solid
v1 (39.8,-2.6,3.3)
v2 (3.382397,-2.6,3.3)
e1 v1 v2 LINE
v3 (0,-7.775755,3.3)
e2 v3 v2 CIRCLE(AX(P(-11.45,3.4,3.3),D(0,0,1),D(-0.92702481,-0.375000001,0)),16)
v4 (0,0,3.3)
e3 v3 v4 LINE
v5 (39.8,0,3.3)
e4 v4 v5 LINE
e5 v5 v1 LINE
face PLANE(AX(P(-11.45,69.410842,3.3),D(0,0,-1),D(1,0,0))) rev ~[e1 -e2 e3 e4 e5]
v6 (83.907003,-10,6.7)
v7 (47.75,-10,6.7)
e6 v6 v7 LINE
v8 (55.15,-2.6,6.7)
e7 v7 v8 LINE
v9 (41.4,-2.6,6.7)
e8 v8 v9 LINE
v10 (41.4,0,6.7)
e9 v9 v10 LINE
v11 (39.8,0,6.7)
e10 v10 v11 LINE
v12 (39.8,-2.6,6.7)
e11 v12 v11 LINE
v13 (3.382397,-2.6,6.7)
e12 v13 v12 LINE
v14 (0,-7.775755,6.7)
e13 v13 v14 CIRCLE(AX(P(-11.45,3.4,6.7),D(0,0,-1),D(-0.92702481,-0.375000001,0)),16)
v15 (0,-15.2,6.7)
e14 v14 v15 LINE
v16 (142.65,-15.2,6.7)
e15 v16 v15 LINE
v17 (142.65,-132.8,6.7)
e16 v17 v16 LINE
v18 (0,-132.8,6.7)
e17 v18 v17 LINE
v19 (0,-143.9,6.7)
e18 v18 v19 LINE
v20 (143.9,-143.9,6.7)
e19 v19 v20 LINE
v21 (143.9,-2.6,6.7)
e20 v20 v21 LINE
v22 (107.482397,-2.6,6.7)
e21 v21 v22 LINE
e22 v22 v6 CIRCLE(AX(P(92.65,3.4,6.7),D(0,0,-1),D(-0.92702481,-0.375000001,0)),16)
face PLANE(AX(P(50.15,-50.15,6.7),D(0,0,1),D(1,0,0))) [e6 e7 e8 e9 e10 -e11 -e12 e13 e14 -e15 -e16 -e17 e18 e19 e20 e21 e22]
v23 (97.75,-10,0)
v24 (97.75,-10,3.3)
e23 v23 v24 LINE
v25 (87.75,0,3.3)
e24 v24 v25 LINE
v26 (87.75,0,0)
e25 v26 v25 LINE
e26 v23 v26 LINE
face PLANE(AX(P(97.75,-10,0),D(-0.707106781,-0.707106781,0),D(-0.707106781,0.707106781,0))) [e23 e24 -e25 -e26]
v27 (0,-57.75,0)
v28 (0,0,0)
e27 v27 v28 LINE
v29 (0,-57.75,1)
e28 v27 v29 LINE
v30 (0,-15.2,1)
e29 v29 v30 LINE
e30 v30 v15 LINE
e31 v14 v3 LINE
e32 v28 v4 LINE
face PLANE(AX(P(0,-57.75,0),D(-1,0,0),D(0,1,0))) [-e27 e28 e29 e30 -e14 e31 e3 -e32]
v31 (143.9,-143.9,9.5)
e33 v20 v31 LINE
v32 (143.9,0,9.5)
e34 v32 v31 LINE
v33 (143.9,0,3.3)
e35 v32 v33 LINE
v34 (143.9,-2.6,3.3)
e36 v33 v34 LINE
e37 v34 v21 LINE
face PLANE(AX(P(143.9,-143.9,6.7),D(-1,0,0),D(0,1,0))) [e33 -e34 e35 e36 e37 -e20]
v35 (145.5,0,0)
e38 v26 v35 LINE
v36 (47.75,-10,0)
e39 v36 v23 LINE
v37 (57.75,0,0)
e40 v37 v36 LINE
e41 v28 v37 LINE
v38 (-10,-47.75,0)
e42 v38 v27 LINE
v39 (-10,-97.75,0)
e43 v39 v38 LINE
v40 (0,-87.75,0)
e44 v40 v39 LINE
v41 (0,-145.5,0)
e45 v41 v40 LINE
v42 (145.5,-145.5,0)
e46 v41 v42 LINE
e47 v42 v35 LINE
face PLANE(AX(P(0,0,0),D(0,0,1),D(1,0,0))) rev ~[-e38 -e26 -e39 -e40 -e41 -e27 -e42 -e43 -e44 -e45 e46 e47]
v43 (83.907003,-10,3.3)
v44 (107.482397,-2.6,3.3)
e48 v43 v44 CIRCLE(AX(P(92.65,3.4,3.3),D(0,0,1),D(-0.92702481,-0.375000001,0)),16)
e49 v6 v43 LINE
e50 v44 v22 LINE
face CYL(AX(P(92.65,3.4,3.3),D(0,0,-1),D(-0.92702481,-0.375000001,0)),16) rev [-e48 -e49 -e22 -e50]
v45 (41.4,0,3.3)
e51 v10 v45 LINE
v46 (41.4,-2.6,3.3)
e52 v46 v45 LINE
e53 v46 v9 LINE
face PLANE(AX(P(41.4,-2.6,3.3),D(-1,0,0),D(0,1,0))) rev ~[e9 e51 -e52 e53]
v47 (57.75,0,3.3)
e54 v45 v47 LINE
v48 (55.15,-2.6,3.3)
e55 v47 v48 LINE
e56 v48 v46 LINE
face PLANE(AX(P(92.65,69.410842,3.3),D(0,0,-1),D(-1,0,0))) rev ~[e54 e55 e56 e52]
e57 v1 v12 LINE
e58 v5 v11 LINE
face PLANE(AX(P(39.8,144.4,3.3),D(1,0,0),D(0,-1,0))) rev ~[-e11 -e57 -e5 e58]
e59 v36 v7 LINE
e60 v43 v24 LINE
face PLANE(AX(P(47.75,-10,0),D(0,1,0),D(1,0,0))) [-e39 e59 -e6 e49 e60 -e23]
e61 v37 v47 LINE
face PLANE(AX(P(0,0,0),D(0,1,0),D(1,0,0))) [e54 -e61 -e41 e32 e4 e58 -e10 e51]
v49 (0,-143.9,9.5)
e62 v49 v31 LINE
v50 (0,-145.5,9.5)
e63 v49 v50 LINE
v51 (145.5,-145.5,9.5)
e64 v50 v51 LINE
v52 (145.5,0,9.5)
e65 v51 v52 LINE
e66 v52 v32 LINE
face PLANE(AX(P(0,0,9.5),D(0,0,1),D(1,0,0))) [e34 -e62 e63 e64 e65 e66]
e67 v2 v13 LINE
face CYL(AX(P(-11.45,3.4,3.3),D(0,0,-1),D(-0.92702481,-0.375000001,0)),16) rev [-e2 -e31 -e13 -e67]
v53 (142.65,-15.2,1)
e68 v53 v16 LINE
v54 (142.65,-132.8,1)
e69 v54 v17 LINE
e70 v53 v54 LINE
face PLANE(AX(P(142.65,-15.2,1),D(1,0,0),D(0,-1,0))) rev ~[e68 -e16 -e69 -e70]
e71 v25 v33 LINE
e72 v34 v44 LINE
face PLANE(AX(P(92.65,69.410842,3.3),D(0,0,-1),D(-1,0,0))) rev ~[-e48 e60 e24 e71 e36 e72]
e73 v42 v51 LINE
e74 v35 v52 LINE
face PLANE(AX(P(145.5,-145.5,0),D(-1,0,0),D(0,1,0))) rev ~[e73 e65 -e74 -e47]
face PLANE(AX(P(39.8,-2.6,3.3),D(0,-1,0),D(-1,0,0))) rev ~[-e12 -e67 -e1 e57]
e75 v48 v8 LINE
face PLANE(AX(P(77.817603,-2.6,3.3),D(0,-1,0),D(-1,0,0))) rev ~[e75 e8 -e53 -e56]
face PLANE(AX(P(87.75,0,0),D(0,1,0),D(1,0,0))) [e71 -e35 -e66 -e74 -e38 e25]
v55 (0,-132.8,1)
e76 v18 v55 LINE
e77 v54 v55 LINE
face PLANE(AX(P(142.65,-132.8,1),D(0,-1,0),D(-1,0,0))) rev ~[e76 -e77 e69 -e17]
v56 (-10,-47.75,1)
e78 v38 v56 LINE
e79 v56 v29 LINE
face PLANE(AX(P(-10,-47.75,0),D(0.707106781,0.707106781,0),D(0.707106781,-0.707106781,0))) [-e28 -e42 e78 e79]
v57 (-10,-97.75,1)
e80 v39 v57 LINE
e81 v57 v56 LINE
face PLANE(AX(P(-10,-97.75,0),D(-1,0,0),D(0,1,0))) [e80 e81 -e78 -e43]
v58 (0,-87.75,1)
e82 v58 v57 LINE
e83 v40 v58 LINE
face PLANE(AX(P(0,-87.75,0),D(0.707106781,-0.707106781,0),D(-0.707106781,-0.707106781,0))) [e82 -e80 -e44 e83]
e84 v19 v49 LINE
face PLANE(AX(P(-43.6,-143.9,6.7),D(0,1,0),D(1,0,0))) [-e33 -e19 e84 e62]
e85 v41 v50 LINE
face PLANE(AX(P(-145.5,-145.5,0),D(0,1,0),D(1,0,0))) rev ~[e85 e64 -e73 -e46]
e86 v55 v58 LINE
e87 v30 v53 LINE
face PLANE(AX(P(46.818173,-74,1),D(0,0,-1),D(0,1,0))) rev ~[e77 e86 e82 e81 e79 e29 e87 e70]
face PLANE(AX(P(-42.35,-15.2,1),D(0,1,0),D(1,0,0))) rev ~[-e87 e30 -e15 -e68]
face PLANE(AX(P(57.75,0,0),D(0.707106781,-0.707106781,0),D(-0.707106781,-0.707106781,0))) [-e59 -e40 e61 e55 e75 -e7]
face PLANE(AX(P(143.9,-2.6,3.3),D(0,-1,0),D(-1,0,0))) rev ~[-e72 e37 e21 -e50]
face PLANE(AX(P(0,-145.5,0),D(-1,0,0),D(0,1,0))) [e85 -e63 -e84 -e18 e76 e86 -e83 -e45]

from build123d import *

# Parameters (mm, degrees)
PAD019_DEPTH            = 6.2
SKETCH044_W             = 187.5
SKETCH044_H             = 187.5
PAD020_DEPTH            = 2.8
PAD021_DEPTH            = 8.5
BODY021_PLACEMENT_ANGLE = 90
PAD022_DEPTH            = 6.2
BODY023_PLACEMENT_ANGLE = 180
PAD028_DEPTH            = 2.3
PAD029_DEPTH            = 2.3
PAD030_DEPTH            = 2.3
PAD031_DEPTH            = 2.3
PAD032_DEPTH            = 2.3
PAD033_DEPTH            = 2.3
PAD034_DEPTH            = 8.5
SKETCH046_W             = 291
SKETCH046_H             = 291
PAD027_DEPTH            = 9.5
POCKET044_DEPTH         = 9.501


with BuildPart() as playercardstack1:
    # Sketch043 → Pad019 (new body)
    with BuildSketch(Plane.XY):
        with BuildLine():
            Line((-51.25, 73.5), (51.25, 73.5))
            Line((51.25, 73.5), (51.25, -73.5))
            Line((51.25, -73.5), (14.832397, -73.5))
            ThreePointArc((-14.832397, -73.5), (0, -83.5), (14.832397, -73.5))
            Line((-14.832397, -73.5), (-51.25, -73.5))
            Line((-51.25, -73.5), (-51.25, 73.5))
        make_face()
    extrude(amount=PAD019_DEPTH)


with BuildPart() as playercardstack1_1:
    # Body019 placement: moved
    add(playercardstack1.part.moved(Location((92.65, 70.9, 3.3))))


with BuildPart() as xitech:
    # Sketch044 → Pad020 (new body)
    with BuildSketch(Plane.XY):
        Rectangle(SKETCH044_W, SKETCH044_H)
    extrude(amount=PAD020_DEPTH)


with BuildPart() as xitech_1:
    # Body020 placement: moved
    add(xitech.part.moved(Location((50.15, -50.15, 6.7))))


with BuildPart() as xiboardfold:
    # Sketch045 → Pad021 (new body)
    with BuildSketch(Plane.XY):
        with BuildLine():
            Line((-58.8, 92.5), (58.8, 92.5))
            Line((58.8, 92.5), (58.8, -92.5))
            Line((58.8, -92.5), (17, -92.5))
            ThreePointArc((-17, -92.5), (0, -109.5), (17, -92.5))
            Line((-17, -92.5), (-58.8, -92.5))
            Line((-58.8, -92.5), (-58.8, 92.5))
        make_face()
    extrude(amount=PAD021_DEPTH)


with BuildPart() as xiboardfold_1:
    # Body021 placement: moved
    add(xiboardfold.part.moved(Location((50.15, -74, 1))).rotate(Axis((50.15, -74, 1), (0, 0, -1)), BODY021_PLACEMENT_ANGLE))


with BuildPart() as playercardstack2:
    # Sketch047 → Pad022 (new body)
    with BuildSketch(Plane.XY):
        with BuildLine():
            Line((-51.25, 73.5), (-14.832397, 73.5))
            ThreePointArc((14.832397, 73.5), (0, 83.5), (-14.832397, 73.5))
            Line((14.832397, 73.5), (51.25, 73.5))
            Line((51.25, 73.5), (51.25, -73.5))
            Line((51.25, -73.5), (-51.25, -73.5))
            Line((-51.25, -73.5), (-51.25, 73.5))
        make_face()
    extrude(amount=PAD022_DEPTH)


with BuildPart() as playercardstack2_1:
    # Body023 placement: moved
    add(playercardstack2.part.moved(Location((-11.45, 70.9, 3.3))).rotate(Axis((-11.45, 70.9, 3.3), (0, 0, 1)), BODY023_PLACEMENT_ANGLE))


with BuildPart() as alliancetokens1:
    # Sketch054 → Pad028 (new body)
    with BuildSketch(Plane.XY):
        with BuildLine():
            ThreePointArc((8.5, -8.5), (24.025463, -17.7), (39.550926, -8.5))
            Line((51.25, -8.5), (39.550926, -8.5))
            Line((51.25, 8.5), (51.25, -8.5))
            Line((39.550926, 8.5), (51.25, 8.5))
            ThreePointArc((39.550926, 8.5), (24.025463, 17.7), (8.5, 8.5))
            Line((8.5, 8.5), (-8.5, 8.5))
            ThreePointArc((-8.5, 8.5), (-24.025463, 17.7), (-39.550926, 8.5))
            Line((-39.550926, 8.5), (-51.25, 8.5))
            Line((-51.25, 8.5), (-51.25, -8.5))
            Line((-51.25, -8.5), (-39.550926, -8.5))
            ThreePointArc((-39.550926, -8.5), (-24.025463, -17.7), (-8.5, -8.5))
            Line((8.5, -8.5), (-8.5, -8.5))
        make_face()
    extrude(amount=PAD028_DEPTH)


with BuildPart() as alliancetokens1_1:
    # Body028 placement: moved
    add(alliancetokens1.part.moved(Location((92.65, 106.5, 1))))


with BuildPart() as alliancetokens2:
    # Sketch055 → Pad029 (new body)
    with BuildSketch(Plane.XY):
        with BuildLine():
            ThreePointArc((8.5, -8.5), (24.025463, -17.7), (39.550926, -8.5))
            Line((51.25, -8.5), (39.550926, -8.5))
            Line((51.25, 8.5), (51.25, -8.5))
            Line((39.550926, 8.5), (51.25, 8.5))
            ThreePointArc((39.550926, 8.5), (24.025463, 17.7), (8.5, 8.5))
            Line((8.5, 8.5), (-8.5, 8.5))
            ThreePointArc((-8.5, 8.5), (-24.025463, 17.7), (-39.550926, 8.5))
            Line((-39.550926, 8.5), (-51.25, 8.5))
            Line((-51.25, 8.5), (-51.25, -8.5))
            Line((-51.25, -8.5), (-39.550926, -8.5))
            ThreePointArc((-39.550926, -8.5), (-24.025463, -17.7), (-8.5, -8.5))
            Line((8.5, -8.5), (-8.5, -8.5))
        make_face()
    extrude(amount=PAD029_DEPTH)


with BuildPart() as alliancetokens2_1:
    # Body029 placement: moved
    add(alliancetokens2.part.moved(Location((-11.45, 106.5, 1))))


with BuildPart() as htoken1:
    # Sketch056 → Pad030 (new body)
    with BuildSketch(Plane.XY):
        Polygon((-39.5, 8.5), (-51.25, 8.5), (-51.25, -8.5), (-39.5, -8.5), (-39.5, -15.5), (-8.5, -15.5), (-8.5, -8.5), (8.5, -8.5), (8.5, -15.5), (39.5, -15.5), (39.5, -8.5), (51.25, -8.5), (51.25, 8.5), (39.5, 8.5), (39.5, 15.5), (8.5, 15.5), (8.5, 8.5), (-8.5, 8.5), (-8.5, 15.5), (-39.5, 15.5), align=None)
    extrude(amount=PAD030_DEPTH)


with BuildPart() as htoken1_1:
    # Body030 placement: moved
    add(htoken1.part.moved(Location((92.65, 66.7, 1))))


with BuildPart() as htoken2:
    # Sketch057 → Pad031 (new body)
    with BuildSketch(Plane.XY):
        Polygon((-39.5, 8.5), (-51.25, 8.5), (-51.25, -8.5), (-39.5, -8.5), (-39.5, -15.5), (-8.5, -15.5), (-8.5, -8.5), (8.5, -8.5), (8.5, -15.5), (39.5, -15.5), (39.5, -8.5), (51.25, -8.5), (51.25, 8.5), (39.5, 8.5), (39.5, 15.5), (8.5, 15.5), (8.5, 8.5), (-8.5, 8.5), (-8.5, 15.5), (-39.5, 15.5), align=None)
    extrude(amount=PAD031_DEPTH)


with BuildPart() as htoken2_1:
    # Body031 placement: moved
    add(htoken2.part.moved(Location((-11.45, 66.7, 1))))


with BuildPart() as fptoken:
    # Sketch058 → Pad032 (new body)
    with BuildSketch(Plane.XY):
        with BuildLine():
            Line((-19.965971, 8.5), (-36.965971, 8.5))
            Line((-36.965971, 8.5), (-36.965971, -8.5))
            Line((-36.965971, -8.5), (-19.965971, -8.5))
            ThreePointArc((-19.965971, -8.5), (0, -21.7), (19.965971, -8.5))
            Line((36.965971, -8.5), (19.965971, -8.5))
            Line((36.965971, 8.5), (36.965971, -8.5))
            Line((19.965971, 8.5), (36.965971, 8.5))
            ThreePointArc((19.965971, 8.5), (0, 21.7), (-19.965971, 8.5))
        make_face()
    extrude(amount=PAD032_DEPTH)


with BuildPart() as fptoken_1:
    # Body032 placement: moved
    add(fptoken.part.moved(Location((92.65, 22.7, 1))))


with BuildPart() as fptoken2:
    # Sketch059 → Pad033 (new body)
    with BuildSketch(Plane.XY):
        Polygon((-28.5, 8.5), (-38.5, 8.5), (-38.5, -8.5), (-28.5, -8.5), (-28.5, -15), (28.5, -15), (28.5, -8.5), (38.5, -8.5), (38.5, 8.5), (28.5, 8.5), (28.5, 15), (-28.5, 15), align=None)
    extrude(amount=PAD033_DEPTH)


with BuildPart() as fptoken2_1:
    # Body033 placement: moved
    add(fptoken2.part.moved(Location((-11.45, 22.7, 1))))


with BuildPart() as faceupimperiumcards:
    # Sketch060 → Pad034 (new body)
    with BuildSketch(Plane.XY):
        with BuildLine():
            Line((-33.75, 143.9), (33.75, 143.9))
            Line((33.75, 143.9), (33.75, 51.4))
            Line((33.75, 51.4), (10, 51.4))
            ThreePointArc((10, 51.4), (7.425, 48.825), (10, 46.25))
            Line((10, 46.25), (33.75, 46.25))
            Line((33.75, 46.25), (33.75, -46.25))
            Line((33.75, -46.25), (10, -46.25))
            ThreePointArc((10, -46.25), (7.425, -48.825), (10, -51.4))
            Line((10, -51.4), (33.75, -51.4))
            Line((33.75, -51.4), (33.75, -143.9))
            Line((33.75, -143.9), (-33.75, -143.9))
            Line((-33.75, -143.9), (-33.75, -113.555974))
            ThreePointArc((-33.75, -81.744026), (-44.75, -97.65), (-33.75, -113.555974))
            Line((-33.75, -81.744026), (-33.75, -51.4))
            Line((-33.75, -51.4), (-10, -51.4))
            ThreePointArc((-10, -51.4), (-7.425, -48.825), (-10, -46.25))
            Line((-10, -46.25), (-33.75, -46.25))
            Line((-33.75, -46.25), (-33.75, -15.905974))
            ThreePointArc((-33.75, 15.905974), (-44.75, 0), (-33.75, -15.905974))
            Line((-33.75, 15.905974), (-33.75, 46.25))
            Line((-33.75, 46.25), (-10, 46.25))
            ThreePointArc((-10, 46.25), (-7.425, 48.825), (-10, 51.4))
            Line((-10, 51.4), (-33.75, 51.4))
            Line((-33.75, 51.4), (-33.75, 81.744026))
            ThreePointArc((-33.75, 113.555974), (-44.75, 97.65), (-33.75, 81.744026))
            Line((-33.75, 113.555974), (-33.75, 143.9))
        make_face()
    extrude(amount=PAD034_DEPTH)


with BuildPart() as faceupimperiumcards_1:
    # Body034 placement: moved
    add(faceupimperiumcards.part.moved(Location((-99.15, 0, 1))))


with BuildPart() as topinsert:
    # Sketch046 → Pad027 (new body)
    with BuildSketch(Plane.XY):
        Rectangle(SKETCH046_W, SKETCH046_H)
    extrude(amount=PAD027_DEPTH)

    # Boolean: cut PlayerCardStack1, XiTech, XiBoardFold, PlayerCardStack2, AllianceTokens1, AllianceTokens2, HToken1, HToken2, FPToken, FPToken2, FaceupImperiumCards
    add(playercardstack1_1.part, mode=Mode.SUBTRACT)
    add(xitech_1.part, mode=Mode.SUBTRACT)
    add(xiboardfold_1.part, mode=Mode.SUBTRACT)
    add(playercardstack2_1.part, mode=Mode.SUBTRACT)
    add(alliancetokens1_1.part, mode=Mode.SUBTRACT)
    add(alliancetokens2_1.part, mode=Mode.SUBTRACT)
    add(htoken1_1.part, mode=Mode.SUBTRACT)
    add(htoken2_1.part, mode=Mode.SUBTRACT)
    add(fptoken_1.part, mode=Mode.SUBTRACT)
    add(fptoken2_1.part, mode=Mode.SUBTRACT)
    add(faceupimperiumcards_1.part, mode=Mode.SUBTRACT)

    # Sketch123 → Pocket044 (cut, through all)
    with BuildSketch(Plane.XY):
        Polygon((-145.5, 145.5), (-145.5, 0), (-145.5, -145.5), (0, -145.5), (0, -87.75), (-10, -97.75), (-10, -47.75), (0, -57.75), (0, 0), (57.75, 0), (47.75, -10), (97.75, -10), (87.75, 0), (145.5, 0), (145.5, 145.5), (0, 145.5), align=None)
    extrude(amount=POCKET044_DEPTH, mode=Mode.SUBTRACT)


solid = topinsert.part
